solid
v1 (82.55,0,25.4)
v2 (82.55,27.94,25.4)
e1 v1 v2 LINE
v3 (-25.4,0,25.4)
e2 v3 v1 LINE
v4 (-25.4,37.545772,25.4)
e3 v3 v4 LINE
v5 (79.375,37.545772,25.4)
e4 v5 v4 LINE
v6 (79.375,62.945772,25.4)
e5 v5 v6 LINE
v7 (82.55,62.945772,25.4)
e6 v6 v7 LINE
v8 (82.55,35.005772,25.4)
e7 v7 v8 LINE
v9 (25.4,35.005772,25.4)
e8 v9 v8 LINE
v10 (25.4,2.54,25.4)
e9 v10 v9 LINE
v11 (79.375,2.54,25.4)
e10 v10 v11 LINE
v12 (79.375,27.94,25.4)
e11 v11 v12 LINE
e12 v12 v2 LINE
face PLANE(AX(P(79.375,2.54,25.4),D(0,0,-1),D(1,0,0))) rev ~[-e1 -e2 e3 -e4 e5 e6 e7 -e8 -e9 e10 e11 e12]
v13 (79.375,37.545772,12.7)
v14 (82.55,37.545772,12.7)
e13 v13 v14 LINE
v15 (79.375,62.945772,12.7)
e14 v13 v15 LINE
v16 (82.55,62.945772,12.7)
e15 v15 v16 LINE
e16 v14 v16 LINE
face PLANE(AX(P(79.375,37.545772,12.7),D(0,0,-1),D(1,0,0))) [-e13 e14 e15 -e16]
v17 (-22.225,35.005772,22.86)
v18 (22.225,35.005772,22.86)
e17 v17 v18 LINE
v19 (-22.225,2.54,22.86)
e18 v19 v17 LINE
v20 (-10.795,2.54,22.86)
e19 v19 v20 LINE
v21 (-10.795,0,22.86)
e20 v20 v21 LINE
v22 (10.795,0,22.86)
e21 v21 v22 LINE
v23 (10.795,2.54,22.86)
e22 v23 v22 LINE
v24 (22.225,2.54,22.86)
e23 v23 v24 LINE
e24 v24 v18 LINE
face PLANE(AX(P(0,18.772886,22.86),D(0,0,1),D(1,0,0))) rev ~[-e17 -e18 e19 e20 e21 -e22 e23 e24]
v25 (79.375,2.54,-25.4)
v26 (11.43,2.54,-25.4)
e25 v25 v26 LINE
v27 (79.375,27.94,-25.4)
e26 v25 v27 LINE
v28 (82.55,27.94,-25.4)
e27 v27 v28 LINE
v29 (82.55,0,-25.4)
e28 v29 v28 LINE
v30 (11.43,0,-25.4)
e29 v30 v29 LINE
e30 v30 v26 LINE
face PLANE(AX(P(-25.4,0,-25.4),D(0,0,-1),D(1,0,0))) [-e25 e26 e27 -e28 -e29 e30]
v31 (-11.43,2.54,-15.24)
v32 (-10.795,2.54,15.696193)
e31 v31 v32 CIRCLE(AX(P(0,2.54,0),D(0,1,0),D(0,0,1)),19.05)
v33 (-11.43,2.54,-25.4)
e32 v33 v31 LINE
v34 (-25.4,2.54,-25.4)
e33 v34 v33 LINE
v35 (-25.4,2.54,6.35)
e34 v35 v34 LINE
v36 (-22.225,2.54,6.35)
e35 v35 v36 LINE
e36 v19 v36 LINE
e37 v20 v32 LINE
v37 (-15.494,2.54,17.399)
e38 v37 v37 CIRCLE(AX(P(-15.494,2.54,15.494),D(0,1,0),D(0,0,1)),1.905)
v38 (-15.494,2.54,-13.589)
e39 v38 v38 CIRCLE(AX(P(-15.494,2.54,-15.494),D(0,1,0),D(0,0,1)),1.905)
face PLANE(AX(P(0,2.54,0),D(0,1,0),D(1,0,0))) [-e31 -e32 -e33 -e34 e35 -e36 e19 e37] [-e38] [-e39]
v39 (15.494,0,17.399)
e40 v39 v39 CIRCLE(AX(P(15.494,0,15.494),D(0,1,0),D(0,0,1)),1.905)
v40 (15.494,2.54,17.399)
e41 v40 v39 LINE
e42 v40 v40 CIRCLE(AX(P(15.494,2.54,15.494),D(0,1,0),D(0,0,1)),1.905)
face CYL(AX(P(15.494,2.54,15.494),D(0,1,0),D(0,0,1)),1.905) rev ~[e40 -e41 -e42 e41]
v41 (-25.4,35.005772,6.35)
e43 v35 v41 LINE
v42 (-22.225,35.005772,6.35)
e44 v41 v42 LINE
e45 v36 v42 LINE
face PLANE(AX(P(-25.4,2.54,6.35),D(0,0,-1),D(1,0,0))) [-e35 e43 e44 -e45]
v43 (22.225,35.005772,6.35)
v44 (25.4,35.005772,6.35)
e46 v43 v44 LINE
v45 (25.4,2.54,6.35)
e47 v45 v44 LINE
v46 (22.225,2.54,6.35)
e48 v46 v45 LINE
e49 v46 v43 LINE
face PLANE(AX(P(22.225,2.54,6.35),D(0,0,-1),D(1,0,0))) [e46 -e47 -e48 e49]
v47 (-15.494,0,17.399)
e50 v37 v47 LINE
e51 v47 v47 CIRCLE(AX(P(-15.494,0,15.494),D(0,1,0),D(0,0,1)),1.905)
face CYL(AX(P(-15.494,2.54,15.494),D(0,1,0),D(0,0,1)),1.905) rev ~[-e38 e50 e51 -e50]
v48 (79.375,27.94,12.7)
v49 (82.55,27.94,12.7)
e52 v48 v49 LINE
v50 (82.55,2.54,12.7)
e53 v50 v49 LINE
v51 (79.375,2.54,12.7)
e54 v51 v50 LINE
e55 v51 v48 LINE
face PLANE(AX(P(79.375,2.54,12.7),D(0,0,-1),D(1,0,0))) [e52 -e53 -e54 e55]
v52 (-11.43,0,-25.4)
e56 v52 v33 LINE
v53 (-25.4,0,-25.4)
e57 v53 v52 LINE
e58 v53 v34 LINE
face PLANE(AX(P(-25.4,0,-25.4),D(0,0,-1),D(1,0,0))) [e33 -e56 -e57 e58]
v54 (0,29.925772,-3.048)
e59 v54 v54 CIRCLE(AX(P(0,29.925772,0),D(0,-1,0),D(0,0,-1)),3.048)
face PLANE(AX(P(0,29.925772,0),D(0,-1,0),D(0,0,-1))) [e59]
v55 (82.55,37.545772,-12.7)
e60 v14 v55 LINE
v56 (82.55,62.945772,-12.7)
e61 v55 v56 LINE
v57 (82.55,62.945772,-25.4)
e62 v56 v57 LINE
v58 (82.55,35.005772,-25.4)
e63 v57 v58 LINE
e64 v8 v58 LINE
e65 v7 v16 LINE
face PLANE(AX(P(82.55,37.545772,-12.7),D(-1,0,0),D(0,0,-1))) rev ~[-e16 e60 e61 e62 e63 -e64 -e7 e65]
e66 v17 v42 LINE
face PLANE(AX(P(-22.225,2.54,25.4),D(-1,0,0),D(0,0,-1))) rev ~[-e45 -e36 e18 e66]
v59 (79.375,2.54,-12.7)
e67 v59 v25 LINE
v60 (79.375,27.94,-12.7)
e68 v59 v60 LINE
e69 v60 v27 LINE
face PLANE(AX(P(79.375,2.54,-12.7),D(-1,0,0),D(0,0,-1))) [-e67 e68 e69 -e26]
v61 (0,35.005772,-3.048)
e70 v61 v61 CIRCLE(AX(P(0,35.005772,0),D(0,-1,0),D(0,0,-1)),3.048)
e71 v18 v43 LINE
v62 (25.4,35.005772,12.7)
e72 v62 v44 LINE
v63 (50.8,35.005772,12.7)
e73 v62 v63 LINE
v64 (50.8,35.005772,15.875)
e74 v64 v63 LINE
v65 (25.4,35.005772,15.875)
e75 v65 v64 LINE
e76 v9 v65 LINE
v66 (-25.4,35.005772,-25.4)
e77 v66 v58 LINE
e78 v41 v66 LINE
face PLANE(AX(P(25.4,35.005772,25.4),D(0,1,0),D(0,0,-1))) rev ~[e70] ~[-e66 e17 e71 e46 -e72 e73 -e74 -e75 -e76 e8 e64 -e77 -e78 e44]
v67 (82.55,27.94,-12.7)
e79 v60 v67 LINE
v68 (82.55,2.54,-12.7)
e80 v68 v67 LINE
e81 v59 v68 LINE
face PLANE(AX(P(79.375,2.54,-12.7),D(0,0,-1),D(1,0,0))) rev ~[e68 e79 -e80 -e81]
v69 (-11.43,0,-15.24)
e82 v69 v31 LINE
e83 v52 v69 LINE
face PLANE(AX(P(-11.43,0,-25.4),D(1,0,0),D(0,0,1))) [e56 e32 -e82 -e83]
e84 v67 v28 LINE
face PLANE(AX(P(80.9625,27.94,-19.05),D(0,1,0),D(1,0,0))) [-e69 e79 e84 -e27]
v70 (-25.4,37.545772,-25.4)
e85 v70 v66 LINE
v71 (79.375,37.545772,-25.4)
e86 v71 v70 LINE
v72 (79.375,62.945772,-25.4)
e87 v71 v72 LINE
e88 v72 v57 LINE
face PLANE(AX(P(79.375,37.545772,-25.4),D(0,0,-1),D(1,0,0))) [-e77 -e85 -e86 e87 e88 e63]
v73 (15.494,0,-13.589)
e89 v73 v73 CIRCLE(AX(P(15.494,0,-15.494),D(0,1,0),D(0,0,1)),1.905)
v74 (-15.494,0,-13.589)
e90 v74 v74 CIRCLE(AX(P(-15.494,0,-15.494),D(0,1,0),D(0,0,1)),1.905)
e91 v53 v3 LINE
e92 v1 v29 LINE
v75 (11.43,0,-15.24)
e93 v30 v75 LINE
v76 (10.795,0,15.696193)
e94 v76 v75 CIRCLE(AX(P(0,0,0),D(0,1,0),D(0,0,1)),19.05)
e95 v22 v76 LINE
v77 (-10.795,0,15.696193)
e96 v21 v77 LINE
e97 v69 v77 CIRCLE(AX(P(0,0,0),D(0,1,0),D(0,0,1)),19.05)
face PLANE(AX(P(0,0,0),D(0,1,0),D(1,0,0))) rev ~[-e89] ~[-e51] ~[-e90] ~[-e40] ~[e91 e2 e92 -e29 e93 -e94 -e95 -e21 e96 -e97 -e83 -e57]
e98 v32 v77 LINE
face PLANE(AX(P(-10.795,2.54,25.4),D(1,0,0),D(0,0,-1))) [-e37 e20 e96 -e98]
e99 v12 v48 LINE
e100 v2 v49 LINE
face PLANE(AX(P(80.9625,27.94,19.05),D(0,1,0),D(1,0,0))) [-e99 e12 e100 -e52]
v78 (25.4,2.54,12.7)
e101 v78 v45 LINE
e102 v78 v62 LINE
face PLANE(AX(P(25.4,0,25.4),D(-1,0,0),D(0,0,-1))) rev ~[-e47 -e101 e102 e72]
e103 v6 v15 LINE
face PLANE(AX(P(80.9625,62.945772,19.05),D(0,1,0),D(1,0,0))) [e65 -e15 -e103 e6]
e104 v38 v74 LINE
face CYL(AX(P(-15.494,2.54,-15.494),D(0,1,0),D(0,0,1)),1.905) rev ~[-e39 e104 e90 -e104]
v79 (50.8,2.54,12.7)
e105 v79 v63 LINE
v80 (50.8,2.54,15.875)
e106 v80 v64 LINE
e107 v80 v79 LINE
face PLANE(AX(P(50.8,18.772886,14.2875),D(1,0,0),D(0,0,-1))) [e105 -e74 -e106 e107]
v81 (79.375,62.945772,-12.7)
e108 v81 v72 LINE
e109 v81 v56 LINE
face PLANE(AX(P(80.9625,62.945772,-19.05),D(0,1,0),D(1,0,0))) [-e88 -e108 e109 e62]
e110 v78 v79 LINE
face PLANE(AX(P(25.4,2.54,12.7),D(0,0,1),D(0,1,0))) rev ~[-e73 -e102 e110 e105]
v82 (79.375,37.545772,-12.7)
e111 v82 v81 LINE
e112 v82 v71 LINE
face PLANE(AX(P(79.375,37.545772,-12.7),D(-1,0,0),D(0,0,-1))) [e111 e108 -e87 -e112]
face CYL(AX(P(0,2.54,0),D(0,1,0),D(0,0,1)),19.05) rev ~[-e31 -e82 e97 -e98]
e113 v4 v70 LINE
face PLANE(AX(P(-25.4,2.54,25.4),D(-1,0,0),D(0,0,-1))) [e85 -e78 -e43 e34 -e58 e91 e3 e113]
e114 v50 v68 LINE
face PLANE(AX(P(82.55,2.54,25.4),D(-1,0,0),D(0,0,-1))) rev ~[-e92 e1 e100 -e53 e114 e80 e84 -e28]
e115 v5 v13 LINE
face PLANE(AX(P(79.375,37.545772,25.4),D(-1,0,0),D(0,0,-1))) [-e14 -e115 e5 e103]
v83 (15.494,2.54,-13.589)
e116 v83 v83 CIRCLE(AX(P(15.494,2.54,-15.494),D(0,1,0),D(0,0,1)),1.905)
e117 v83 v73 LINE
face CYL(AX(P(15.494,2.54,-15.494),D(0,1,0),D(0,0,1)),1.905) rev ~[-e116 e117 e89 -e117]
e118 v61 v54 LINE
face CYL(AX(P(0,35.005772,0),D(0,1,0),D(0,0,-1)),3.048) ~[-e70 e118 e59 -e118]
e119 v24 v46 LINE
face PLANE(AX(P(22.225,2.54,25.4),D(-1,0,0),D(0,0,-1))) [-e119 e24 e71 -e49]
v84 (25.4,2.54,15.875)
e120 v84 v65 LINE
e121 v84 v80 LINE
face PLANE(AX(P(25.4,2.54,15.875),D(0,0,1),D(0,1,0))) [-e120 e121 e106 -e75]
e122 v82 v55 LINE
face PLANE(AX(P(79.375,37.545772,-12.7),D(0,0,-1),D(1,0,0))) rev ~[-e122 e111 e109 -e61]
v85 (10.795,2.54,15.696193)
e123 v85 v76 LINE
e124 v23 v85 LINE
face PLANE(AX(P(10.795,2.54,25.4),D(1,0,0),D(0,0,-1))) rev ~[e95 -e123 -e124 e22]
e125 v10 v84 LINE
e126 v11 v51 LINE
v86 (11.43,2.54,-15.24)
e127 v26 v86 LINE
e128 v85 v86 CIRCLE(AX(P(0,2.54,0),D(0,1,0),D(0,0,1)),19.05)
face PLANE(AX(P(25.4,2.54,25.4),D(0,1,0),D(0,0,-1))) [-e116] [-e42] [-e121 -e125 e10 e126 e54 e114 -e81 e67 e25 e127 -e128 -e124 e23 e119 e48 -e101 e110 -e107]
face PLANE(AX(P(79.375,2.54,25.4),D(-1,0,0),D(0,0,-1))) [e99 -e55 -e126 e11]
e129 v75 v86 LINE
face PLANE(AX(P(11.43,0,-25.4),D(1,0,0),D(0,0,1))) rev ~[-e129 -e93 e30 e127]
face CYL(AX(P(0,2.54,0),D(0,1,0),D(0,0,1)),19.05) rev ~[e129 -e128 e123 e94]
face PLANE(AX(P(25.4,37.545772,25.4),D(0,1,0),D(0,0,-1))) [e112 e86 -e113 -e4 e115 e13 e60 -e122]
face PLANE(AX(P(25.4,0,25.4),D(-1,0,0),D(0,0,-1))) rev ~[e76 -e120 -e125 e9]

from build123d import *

# Parameters (mm, degrees)
SKETCH1_W            = 50.8
SKETCH1_H            = 50.8
BOSS_EXTRUDE1_DEPTH  = 2.54
SKETCH2_R            = 19.05
CUT_EXTRUDE1_DEPTH   = 37.010715072
SKETCH3_R            = 1.905
CUT_EXTRUDE2_DEPTH   = 37.010715072
SKETCH4_W            = 21.59
SKETCH4_H            = 9.70380699
CUT_EXTRUDE3_DEPTH   = 37.010715072
SKETCH5_W            = 3.175
SKETCH5_H            = 19.05
BOSS_EXTRUDE2_DEPTH  = 35.005772
SKETCH6_W            = 50.8
SKETCH6_H            = 50.8
BOSS_EXTRUDE3_DEPTH  = 2.54
SKETCH8_W            = 50.8
SKETCH8_H            = 37.545772
BOSS_EXTRUDE4_DEPTH  = 2.54
SKETCH9_R            = 3.048
BOSS_EXTRUDE5_DEPTH  = 5.08
CUT_EXTRUDE4_REACH   = 53.962
SKETCH10_W           = 22.86
SKETCH10_H           = 10.16
SKETCH13_W           = 50.8
SKETCH13_H           = 2.54
BOSS_EXTRUDE7_DEPTH  = 57.15
SKETCH15_W           = 3.175
SKETCH15_H           = 12.7
BOSS_EXTRUDE8_DEPTH  = 25.4
SKETCH17_W           = 3.175
SKETCH17_H           = 12.7
BOSS_EXTRUDE10_DEPTH = 25.4
SKETCH18_W           = 3.175
SKETCH18_H           = 32.465772
BOSS_EXTRUDE11_DEPTH = 25.4


with BuildPart() as part:
    # Sketch1 → Boss-Extrude1 (new body)
    with BuildSketch(Plane(origin=(0, 0, 0), x_dir=(1, 0, 0), z_dir=(0, 1, 0))):
        Rectangle(SKETCH1_W, SKETCH1_H)
    extrude(amount=BOSS_EXTRUDE1_DEPTH)

    # Sketch2 → Cut-Extrude1 (cut, through all)
    with BuildSketch(Plane(origin=(0, 2.54, 0), x_dir=(1, 0, 0), z_dir=(0, 1, 0))):
        with Locations(Location((0, 0, 0), (0, 0, 270))):
            Circle(SKETCH2_R)
    extrude(amount=-CUT_EXTRUDE1_DEPTH, mode=Mode.SUBTRACT)

    # Sketch3 → Cut-Extrude2 (cut, through all)
    with BuildSketch(Plane(origin=(0, 2.54, 0), x_dir=(1, 0, 0), z_dir=(0, 1, 0))):
        with Locations(Location((-15.494, 15.494, 0), (0, 0, 270))):
            Circle(SKETCH3_R)
        with Locations(Location((15.494, 15.494, 0), (0, 0, 270))):
            Circle(SKETCH3_R)
        with Locations(Location((15.494, -15.494, 0), (0, 0, 270))):
            Circle(SKETCH3_R)
        with Locations(Location((-15.494, -15.494, 0), (0, 0, 270))):
            Circle(SKETCH3_R)
    extrude(amount=-CUT_EXTRUDE2_DEPTH, mode=Mode.SUBTRACT)

    # Sketch4 → Cut-Extrude3 (cut, through all)
    with BuildSketch(Plane(origin=(0, 2.54, 0), x_dir=(1, 0, 0), z_dir=(0, 1, 0))):
        with Locations((0, -20.548096505)):
            Rectangle(SKETCH4_W, SKETCH4_H)
    extrude(amount=-CUT_EXTRUDE3_DEPTH, mode=Mode.SUBTRACT)

    # Sketch5 → Boss-Extrude2 (add)
    with BuildSketch(Plane(origin=(0, 2.54, 0), x_dir=(1, 0, 0), z_dir=(0, 1, 0))):
        with Locations((-23.8125, -15.875)):
            Rectangle(SKETCH5_W, SKETCH5_H)
        with Locations((23.8125, -15.875)):
            Rectangle(SKETCH5_W, SKETCH5_H)
    extrude(amount=BOSS_EXTRUDE2_DEPTH)

    # Sketch6 → Boss-Extrude3 (add)
    with BuildSketch(Plane(origin=(0, 37.545772, 0), x_dir=(1, 0, 0), z_dir=(0, 1, 0))):
        Rectangle(SKETCH6_W, SKETCH6_H)
    extrude(amount=-BOSS_EXTRUDE3_DEPTH)

    # Sketch8 → Boss-Extrude4 (add)
    with BuildSketch(Plane.XY.offset(25.4)):
        with Locations((0, 18.772886)):
            Rectangle(SKETCH8_W, SKETCH8_H)
    extrude(amount=-BOSS_EXTRUDE4_DEPTH)

    # Sketch9 → Boss-Extrude5 (add)
    with BuildSketch(Plane.XZ.offset(-35.005772)):
        with Locations(Location((0, 0, 0), (0, 0, 270))):
            Circle(SKETCH9_R)
    extrude(amount=BOSS_EXTRUDE5_DEPTH)

    # Sketch10 → Cut-Extrude4 (cut, up to next)
    with BuildSketch(Plane.XZ, mode=Mode.PRIVATE) as cut_extrude4_sk1:
        with Locations((0, -20.32)):
            Rectangle(SKETCH10_W, SKETCH10_H)
    cut_extrude4_tool1 = extrude(cut_extrude4_sk1.sketch, amount=-CUT_EXTRUDE4_REACH, mode=Mode.PRIVATE) & part.part
    add(cut_extrude4_tool1.solids().sort_by_distance((0, 0, -20.32))[0], mode=Mode.SUBTRACT)

    # Sketch13 → Boss-Extrude7 (add)
    with BuildSketch(Plane(origin=(25.4, 0, 0), x_dir=(0, 0, -1), z_dir=(1, 0, 0))):
        with Locations((0, 36.275772)):
            Rectangle(SKETCH13_W, SKETCH13_H)
        with Locations((0, 1.27)):
            Rectangle(SKETCH13_W, SKETCH13_H)
    extrude(amount=BOSS_EXTRUDE7_DEPTH)

    # Sketch15 → Boss-Extrude8 (add)
    with BuildSketch(Plane(origin=(0, 37.545772, 0), x_dir=(1, 0, 0), z_dir=(0, 1, 0))):
        with Locations((80.9625, 19.05)):
            Rectangle(SKETCH15_W, SKETCH15_H)
        with Locations((80.9625, -19.05)):
            Rectangle(SKETCH15_W, SKETCH15_H)
    extrude(amount=BOSS_EXTRUDE8_DEPTH)

    # Sketch17 → Boss-Extrude10 (add)
    with BuildSketch(Plane(origin=(0, 2.54, 0), x_dir=(1, 0, 0), z_dir=(0, 1, 0))):
        with Locations((80.9625, -19.05)):
            Rectangle(SKETCH17_W, SKETCH17_H)
        with Locations((80.9625, 19.05)):
            Rectangle(SKETCH17_W, SKETCH17_H)
    extrude(amount=BOSS_EXTRUDE10_DEPTH)

    # Sketch18 → Boss-Extrude11 (add)
    with BuildSketch(Plane(origin=(25.4, 0, 0), x_dir=(0, 0, -1), z_dir=(1, 0, 0))):
        with Locations((-14.2875, 18.772886)):
            Rectangle(SKETCH18_W, SKETCH18_H)
    extrude(amount=BOSS_EXTRUDE11_DEPTH)


solid = part.part
